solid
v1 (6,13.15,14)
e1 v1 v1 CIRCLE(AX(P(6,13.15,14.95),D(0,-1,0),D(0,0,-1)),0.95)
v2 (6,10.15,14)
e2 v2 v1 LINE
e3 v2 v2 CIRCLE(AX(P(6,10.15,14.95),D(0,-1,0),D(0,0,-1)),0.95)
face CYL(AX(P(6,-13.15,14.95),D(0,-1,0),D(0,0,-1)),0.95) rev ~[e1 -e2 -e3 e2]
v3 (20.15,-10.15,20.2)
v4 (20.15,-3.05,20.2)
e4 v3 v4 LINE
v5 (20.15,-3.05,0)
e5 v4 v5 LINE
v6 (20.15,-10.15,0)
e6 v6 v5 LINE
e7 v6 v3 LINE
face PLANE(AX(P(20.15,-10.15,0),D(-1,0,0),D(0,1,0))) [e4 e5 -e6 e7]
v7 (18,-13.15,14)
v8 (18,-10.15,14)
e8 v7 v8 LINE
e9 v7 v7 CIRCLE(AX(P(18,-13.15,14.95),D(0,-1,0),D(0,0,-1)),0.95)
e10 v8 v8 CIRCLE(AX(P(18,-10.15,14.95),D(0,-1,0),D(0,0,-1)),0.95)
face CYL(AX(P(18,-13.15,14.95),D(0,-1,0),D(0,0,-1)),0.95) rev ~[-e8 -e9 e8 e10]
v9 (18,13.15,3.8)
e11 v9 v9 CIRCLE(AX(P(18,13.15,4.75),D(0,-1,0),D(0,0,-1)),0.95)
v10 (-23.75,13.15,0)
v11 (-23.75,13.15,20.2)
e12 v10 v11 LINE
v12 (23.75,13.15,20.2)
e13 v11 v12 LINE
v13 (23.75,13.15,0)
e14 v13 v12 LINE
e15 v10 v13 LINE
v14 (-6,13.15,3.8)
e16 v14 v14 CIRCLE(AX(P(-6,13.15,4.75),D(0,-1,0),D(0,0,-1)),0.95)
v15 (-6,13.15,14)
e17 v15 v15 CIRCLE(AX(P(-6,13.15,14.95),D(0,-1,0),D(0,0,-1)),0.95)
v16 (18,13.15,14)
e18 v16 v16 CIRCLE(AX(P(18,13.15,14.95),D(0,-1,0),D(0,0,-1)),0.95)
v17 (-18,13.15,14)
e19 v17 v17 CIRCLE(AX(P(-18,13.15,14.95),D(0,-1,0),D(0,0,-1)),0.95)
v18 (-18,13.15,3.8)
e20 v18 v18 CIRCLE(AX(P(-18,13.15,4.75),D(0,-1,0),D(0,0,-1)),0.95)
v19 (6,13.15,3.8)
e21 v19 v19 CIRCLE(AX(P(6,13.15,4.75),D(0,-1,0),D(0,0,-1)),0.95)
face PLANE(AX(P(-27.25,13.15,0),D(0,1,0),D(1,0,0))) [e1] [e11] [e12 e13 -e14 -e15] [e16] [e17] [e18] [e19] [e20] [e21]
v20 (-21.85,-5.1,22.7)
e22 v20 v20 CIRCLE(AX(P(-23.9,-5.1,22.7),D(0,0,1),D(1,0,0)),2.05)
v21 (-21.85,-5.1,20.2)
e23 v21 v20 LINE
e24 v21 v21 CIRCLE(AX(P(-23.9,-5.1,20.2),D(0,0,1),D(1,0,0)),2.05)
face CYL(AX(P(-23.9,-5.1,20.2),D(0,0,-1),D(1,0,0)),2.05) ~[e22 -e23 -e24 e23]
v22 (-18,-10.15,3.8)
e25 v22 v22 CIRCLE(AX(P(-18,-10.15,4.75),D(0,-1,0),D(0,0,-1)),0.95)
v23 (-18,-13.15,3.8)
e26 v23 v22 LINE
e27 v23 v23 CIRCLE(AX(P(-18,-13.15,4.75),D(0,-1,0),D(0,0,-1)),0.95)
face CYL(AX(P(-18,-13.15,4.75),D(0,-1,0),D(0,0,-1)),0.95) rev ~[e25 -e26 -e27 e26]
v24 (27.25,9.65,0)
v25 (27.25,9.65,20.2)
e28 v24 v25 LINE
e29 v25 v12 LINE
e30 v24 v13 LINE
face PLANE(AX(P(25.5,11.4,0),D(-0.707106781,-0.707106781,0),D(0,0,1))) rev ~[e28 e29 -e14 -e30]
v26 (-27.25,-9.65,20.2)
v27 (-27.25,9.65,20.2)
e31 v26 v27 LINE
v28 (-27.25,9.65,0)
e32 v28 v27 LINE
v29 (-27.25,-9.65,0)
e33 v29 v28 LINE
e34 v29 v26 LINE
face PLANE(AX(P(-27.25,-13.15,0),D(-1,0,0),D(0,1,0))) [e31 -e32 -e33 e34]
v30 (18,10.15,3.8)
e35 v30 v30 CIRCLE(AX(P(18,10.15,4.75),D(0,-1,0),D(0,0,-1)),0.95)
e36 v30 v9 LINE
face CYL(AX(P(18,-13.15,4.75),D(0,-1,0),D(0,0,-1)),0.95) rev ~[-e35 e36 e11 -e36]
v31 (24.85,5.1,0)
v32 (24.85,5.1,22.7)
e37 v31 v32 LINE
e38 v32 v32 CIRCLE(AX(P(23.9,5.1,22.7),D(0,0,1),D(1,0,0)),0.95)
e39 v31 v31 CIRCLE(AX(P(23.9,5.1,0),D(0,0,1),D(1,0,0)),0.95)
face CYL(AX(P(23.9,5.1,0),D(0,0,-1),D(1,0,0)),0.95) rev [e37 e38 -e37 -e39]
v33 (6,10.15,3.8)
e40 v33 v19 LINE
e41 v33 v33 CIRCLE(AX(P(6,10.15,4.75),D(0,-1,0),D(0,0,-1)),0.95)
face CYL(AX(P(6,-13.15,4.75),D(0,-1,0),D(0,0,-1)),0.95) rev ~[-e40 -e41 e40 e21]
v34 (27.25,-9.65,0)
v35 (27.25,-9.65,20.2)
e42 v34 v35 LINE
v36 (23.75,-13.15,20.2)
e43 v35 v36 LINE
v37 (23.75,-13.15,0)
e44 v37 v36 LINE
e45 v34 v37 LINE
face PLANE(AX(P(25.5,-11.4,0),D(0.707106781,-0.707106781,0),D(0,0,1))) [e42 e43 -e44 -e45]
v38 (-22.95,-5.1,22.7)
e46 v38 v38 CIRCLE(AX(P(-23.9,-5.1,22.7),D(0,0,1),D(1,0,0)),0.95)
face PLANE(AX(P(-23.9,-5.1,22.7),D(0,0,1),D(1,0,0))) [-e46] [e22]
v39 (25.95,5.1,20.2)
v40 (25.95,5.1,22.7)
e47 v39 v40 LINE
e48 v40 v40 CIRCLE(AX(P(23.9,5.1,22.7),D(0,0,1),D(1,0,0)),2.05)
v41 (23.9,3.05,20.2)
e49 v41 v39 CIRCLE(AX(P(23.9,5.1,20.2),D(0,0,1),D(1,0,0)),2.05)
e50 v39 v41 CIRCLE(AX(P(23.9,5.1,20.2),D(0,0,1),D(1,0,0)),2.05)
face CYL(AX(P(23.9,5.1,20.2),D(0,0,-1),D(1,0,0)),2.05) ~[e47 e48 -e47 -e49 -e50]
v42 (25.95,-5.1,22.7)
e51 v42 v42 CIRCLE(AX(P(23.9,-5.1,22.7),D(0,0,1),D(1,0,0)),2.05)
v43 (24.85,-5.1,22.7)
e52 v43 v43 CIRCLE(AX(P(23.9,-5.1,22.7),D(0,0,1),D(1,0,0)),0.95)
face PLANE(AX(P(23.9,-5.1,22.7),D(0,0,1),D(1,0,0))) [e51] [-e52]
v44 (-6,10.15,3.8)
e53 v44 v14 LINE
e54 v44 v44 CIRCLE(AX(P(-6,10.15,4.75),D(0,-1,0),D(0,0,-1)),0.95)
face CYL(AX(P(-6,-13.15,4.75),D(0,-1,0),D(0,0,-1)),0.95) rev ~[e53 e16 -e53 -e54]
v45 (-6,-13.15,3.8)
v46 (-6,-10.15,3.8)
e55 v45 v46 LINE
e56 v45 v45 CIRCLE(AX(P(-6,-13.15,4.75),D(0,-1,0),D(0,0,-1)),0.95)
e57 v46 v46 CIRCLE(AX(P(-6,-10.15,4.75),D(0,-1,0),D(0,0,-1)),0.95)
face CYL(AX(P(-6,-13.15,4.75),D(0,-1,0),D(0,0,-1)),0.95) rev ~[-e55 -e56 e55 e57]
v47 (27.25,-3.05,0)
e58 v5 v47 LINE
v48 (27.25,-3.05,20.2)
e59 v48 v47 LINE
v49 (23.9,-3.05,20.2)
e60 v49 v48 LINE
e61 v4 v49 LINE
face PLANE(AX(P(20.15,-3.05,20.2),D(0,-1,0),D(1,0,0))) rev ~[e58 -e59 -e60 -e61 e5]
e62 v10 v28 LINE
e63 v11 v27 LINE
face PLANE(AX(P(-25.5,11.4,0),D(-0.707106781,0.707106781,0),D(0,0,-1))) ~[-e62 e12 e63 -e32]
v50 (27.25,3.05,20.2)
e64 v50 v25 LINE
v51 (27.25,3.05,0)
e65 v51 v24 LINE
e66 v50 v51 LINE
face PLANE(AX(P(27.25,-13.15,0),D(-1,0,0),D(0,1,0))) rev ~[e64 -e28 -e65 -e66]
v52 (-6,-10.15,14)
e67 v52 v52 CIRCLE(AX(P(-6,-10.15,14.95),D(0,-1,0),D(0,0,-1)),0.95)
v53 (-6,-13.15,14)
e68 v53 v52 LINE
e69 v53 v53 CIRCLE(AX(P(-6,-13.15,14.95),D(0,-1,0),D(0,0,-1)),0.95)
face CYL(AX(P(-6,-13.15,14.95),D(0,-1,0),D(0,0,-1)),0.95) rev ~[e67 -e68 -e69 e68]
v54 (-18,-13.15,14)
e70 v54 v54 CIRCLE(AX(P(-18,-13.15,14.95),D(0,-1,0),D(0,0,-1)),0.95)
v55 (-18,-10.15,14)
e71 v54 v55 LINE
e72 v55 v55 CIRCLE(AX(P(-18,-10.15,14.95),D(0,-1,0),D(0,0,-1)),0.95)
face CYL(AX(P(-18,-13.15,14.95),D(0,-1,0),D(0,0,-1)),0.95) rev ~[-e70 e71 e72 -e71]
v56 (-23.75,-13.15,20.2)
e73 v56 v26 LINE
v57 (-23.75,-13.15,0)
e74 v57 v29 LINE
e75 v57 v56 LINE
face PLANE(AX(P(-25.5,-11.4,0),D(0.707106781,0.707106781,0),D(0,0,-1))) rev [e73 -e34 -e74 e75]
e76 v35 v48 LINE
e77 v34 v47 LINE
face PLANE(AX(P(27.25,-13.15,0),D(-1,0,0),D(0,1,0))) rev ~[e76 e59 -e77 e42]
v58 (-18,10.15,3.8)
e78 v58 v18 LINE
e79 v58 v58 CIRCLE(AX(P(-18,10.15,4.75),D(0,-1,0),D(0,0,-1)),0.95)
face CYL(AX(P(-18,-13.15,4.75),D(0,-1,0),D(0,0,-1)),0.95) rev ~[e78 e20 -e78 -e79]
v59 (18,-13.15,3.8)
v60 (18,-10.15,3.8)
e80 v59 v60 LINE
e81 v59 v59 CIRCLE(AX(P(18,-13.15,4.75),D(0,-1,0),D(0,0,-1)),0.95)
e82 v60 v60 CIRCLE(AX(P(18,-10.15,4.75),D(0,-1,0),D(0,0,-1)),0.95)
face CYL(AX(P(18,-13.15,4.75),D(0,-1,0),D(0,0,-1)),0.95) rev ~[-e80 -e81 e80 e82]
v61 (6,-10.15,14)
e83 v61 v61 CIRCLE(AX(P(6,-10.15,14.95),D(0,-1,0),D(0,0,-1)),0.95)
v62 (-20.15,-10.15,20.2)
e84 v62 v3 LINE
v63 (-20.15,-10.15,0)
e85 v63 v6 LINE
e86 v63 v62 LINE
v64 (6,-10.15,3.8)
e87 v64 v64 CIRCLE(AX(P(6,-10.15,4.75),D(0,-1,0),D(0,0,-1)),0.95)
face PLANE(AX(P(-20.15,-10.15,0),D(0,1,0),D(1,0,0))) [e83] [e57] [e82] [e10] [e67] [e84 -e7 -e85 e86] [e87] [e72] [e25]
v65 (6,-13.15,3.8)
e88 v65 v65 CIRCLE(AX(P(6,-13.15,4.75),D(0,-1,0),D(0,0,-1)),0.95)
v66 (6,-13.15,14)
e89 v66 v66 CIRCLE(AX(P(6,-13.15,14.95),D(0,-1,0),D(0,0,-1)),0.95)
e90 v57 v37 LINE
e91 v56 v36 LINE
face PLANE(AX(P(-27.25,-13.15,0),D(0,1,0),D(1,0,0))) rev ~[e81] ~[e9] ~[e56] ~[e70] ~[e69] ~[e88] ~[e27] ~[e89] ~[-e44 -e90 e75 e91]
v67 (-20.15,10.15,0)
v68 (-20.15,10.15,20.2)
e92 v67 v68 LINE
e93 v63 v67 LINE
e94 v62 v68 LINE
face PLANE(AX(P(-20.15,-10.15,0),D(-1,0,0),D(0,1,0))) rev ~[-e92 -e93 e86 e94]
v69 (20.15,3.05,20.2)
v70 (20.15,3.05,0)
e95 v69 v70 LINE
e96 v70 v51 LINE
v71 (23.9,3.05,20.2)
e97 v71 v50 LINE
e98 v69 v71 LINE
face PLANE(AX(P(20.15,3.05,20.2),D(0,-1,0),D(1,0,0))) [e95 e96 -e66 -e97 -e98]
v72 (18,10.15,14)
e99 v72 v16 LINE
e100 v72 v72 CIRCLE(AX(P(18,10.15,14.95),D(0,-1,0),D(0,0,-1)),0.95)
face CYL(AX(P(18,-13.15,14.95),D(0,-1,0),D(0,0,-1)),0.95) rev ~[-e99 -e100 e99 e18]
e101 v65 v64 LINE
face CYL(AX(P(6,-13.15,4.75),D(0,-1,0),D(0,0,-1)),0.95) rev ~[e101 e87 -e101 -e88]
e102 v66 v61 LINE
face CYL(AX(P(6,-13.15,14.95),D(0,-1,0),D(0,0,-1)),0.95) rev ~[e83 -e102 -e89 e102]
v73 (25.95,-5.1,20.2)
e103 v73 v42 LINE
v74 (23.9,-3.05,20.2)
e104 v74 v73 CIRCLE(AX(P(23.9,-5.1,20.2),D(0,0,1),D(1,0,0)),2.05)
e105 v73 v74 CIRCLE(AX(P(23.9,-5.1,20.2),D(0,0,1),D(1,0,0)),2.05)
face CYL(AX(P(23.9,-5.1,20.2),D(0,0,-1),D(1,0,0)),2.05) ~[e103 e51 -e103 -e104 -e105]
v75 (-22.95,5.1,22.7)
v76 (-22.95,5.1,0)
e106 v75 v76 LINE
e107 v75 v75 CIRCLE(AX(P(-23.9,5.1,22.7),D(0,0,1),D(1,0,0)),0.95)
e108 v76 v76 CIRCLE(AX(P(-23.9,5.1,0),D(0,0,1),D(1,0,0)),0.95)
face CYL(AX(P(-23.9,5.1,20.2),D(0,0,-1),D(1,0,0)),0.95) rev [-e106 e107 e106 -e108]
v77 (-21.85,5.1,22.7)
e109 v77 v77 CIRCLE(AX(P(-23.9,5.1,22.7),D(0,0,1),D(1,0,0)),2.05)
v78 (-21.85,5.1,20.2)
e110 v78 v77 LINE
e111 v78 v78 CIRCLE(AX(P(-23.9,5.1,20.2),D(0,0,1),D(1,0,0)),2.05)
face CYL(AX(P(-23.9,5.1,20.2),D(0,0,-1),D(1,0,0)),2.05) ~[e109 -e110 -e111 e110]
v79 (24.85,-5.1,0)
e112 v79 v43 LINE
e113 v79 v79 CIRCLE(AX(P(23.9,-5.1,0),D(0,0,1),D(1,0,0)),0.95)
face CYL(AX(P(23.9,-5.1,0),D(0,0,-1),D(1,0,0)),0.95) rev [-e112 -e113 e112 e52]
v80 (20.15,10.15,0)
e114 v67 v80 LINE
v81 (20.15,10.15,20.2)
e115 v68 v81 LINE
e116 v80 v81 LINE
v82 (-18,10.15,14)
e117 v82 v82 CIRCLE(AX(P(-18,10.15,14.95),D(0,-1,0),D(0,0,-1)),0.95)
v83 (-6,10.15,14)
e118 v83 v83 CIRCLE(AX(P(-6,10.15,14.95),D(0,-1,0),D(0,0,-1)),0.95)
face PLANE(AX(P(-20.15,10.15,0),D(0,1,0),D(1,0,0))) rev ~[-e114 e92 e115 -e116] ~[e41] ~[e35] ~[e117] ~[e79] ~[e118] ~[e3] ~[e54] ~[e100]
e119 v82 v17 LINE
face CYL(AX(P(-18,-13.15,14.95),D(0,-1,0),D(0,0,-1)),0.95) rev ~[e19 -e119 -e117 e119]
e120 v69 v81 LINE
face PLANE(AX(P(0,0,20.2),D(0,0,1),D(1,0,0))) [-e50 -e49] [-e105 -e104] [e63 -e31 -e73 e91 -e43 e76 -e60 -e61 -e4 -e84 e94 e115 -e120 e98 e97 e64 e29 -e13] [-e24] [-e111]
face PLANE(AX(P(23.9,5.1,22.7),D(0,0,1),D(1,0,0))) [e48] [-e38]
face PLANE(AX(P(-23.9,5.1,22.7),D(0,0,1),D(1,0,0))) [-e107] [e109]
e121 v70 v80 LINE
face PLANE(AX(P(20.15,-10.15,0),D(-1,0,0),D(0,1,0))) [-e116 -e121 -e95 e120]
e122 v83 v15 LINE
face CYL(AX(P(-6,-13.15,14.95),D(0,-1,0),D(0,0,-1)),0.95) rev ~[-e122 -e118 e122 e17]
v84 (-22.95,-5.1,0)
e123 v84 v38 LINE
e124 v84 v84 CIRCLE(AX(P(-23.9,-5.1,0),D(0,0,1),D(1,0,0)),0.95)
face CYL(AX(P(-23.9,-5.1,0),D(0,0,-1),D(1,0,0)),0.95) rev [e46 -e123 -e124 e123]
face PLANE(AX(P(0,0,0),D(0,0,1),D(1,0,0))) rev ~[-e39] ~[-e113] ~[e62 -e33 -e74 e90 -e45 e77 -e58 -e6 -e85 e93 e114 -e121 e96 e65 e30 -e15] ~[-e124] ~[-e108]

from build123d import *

# Parameters (mm, degrees)
SKETCH_1_W          = 54.5
SKETCH_1_H          = 26.3
SKETCH_1_R          = 0.95
SKETCH_1_W_2        = 40.3
SKETCH_1_H_2        = 20.3
EXTRUDE_1_DEPTH     = 20.2
SKETCH_2_R          = 2.05
SKETCH_2_R_2        = 0.95
EXTRUDE_2_DEPTH     = 2.5
CHAMFER_1_SIZE      = 3.5
SKETCH_3_R          = 0.95
CUT_EXTRUDE_1_DEPTH = 45.15362386
SKETCH_4_R          = 0.95
CUT_EXTRUDE_2_DEPTH = 45.15362386
SKETCH_5_W          = 7.1
SKETCH_5_H          = 6.1
CUT_EXTRUDE_3_DEPTH = 37.380283121


with BuildPart() as part:
    # 스케치1 → 보스-돌출1 (new body)
    with BuildSketch(Plane.XY):
        Rectangle(SKETCH_1_W, SKETCH_1_H)
        with Locations((-23.9, 5.1)):
            Circle(SKETCH_1_R, mode=Mode.SUBTRACT)
        with Locations((23.9, 5.1)):
            Circle(SKETCH_1_R, mode=Mode.SUBTRACT)
        with Locations((23.9, -5.1)):
            Circle(SKETCH_1_R, mode=Mode.SUBTRACT)
        with Locations((-23.9, -5.1)):
            Circle(SKETCH_1_R, mode=Mode.SUBTRACT)
        Rectangle(SKETCH_1_W_2, SKETCH_1_H_2, mode=Mode.SUBTRACT)
    extrude(amount=EXTRUDE_1_DEPTH)

    # 스케치2 → 보스-돌출2 (add)
    # profile 1 of 4: a face of its own
    with BuildSketch(Plane.XY.offset(20.2)):
        with Locations((-23.9, 5.1)):
            Circle(SKETCH_2_R)
        with Locations((-23.9, 5.1)):
            Circle(SKETCH_2_R_2, mode=Mode.SUBTRACT)
    # profile 2 of 4: a face of its own
    with BuildSketch(Plane.XY.offset(20.2)):
        with Locations((-23.9, -5.1)):
            Circle(SKETCH_2_R)
        with Locations((-23.9, -5.1)):
            Circle(SKETCH_2_R_2, mode=Mode.SUBTRACT)
    # profile 3 of 4: a face of its own
    with BuildSketch(Plane.XY.offset(20.2)):
        with Locations((23.9, 5.1)):
            Circle(SKETCH_2_R)
        with Locations((23.9, 5.1)):
            Circle(SKETCH_2_R_2, mode=Mode.SUBTRACT)
    # profile 4 of 4: a face of its own
    with BuildSketch(Plane.XY.offset(20.2)):
        with Locations((23.9, -5.1)):
            Circle(SKETCH_2_R)
        with Locations((23.9, -5.1)):
            Circle(SKETCH_2_R_2, mode=Mode.SUBTRACT)
    extrude(amount=EXTRUDE_2_DEPTH)

    # 모따기1
    chamfer_1_edges = [part.edges().sort_by_distance(p)[0] for p in [
        (27.25, 13.15, 10.1),
        (27.25, -13.15, 10.1),
        (-27.25, -13.15, 10.1),
        (-27.25, 13.15, 10.1),
    ]]
    chamfer(chamfer_1_edges, length=CHAMFER_1_SIZE)

    # 스케치3 → 컷-돌출1 (cut, through all)
    with BuildSketch(Plane.XZ.offset(13.15)):
        with Locations(Location((-6, 14.95, 0), (0, 0, 270))):
            Circle(SKETCH_3_R)
        with Locations(Location((6, 14.95, 0), (0, 0, 270))):
            Circle(SKETCH_3_R)
        with Locations(Location((-18, 14.95, 0), (0, 0, 270))):
            Circle(SKETCH_3_R)
        with Locations(Location((18, 14.95, 0), (0, 0, 270))):
            Circle(SKETCH_3_R)
    extrude(amount=-CUT_EXTRUDE_1_DEPTH, mode=Mode.SUBTRACT)

    # 스케치4 → 컷-돌출2 (cut, through all)
    with BuildSketch(Plane.XZ.offset(13.15)):
        with Locations(Location((-6, 4.75, 0), (0, 0, 270))):
            Circle(SKETCH_4_R)
        with Locations(Location((6, 4.75, 0), (0, 0, 270))):
            Circle(SKETCH_4_R)
        with Locations(Location((-18, 4.75, 0), (0, 0, 270))):
            Circle(SKETCH_4_R)
        with Locations(Location((18, 4.75, 0), (0, 0, 270))):
            Circle(SKETCH_4_R)
    extrude(amount=-CUT_EXTRUDE_2_DEPTH, mode=Mode.SUBTRACT)

    # 스케치5 → 컷-돌출3 (cut, through all)
    with BuildSketch(Plane.XY.offset(20.2)):
        with Locations((23.7, 0)):
            Rectangle(SKETCH_5_W, SKETCH_5_H)
    extrude(amount=-CUT_EXTRUDE_3_DEPTH, mode=Mode.SUBTRACT)


solid = part.part
